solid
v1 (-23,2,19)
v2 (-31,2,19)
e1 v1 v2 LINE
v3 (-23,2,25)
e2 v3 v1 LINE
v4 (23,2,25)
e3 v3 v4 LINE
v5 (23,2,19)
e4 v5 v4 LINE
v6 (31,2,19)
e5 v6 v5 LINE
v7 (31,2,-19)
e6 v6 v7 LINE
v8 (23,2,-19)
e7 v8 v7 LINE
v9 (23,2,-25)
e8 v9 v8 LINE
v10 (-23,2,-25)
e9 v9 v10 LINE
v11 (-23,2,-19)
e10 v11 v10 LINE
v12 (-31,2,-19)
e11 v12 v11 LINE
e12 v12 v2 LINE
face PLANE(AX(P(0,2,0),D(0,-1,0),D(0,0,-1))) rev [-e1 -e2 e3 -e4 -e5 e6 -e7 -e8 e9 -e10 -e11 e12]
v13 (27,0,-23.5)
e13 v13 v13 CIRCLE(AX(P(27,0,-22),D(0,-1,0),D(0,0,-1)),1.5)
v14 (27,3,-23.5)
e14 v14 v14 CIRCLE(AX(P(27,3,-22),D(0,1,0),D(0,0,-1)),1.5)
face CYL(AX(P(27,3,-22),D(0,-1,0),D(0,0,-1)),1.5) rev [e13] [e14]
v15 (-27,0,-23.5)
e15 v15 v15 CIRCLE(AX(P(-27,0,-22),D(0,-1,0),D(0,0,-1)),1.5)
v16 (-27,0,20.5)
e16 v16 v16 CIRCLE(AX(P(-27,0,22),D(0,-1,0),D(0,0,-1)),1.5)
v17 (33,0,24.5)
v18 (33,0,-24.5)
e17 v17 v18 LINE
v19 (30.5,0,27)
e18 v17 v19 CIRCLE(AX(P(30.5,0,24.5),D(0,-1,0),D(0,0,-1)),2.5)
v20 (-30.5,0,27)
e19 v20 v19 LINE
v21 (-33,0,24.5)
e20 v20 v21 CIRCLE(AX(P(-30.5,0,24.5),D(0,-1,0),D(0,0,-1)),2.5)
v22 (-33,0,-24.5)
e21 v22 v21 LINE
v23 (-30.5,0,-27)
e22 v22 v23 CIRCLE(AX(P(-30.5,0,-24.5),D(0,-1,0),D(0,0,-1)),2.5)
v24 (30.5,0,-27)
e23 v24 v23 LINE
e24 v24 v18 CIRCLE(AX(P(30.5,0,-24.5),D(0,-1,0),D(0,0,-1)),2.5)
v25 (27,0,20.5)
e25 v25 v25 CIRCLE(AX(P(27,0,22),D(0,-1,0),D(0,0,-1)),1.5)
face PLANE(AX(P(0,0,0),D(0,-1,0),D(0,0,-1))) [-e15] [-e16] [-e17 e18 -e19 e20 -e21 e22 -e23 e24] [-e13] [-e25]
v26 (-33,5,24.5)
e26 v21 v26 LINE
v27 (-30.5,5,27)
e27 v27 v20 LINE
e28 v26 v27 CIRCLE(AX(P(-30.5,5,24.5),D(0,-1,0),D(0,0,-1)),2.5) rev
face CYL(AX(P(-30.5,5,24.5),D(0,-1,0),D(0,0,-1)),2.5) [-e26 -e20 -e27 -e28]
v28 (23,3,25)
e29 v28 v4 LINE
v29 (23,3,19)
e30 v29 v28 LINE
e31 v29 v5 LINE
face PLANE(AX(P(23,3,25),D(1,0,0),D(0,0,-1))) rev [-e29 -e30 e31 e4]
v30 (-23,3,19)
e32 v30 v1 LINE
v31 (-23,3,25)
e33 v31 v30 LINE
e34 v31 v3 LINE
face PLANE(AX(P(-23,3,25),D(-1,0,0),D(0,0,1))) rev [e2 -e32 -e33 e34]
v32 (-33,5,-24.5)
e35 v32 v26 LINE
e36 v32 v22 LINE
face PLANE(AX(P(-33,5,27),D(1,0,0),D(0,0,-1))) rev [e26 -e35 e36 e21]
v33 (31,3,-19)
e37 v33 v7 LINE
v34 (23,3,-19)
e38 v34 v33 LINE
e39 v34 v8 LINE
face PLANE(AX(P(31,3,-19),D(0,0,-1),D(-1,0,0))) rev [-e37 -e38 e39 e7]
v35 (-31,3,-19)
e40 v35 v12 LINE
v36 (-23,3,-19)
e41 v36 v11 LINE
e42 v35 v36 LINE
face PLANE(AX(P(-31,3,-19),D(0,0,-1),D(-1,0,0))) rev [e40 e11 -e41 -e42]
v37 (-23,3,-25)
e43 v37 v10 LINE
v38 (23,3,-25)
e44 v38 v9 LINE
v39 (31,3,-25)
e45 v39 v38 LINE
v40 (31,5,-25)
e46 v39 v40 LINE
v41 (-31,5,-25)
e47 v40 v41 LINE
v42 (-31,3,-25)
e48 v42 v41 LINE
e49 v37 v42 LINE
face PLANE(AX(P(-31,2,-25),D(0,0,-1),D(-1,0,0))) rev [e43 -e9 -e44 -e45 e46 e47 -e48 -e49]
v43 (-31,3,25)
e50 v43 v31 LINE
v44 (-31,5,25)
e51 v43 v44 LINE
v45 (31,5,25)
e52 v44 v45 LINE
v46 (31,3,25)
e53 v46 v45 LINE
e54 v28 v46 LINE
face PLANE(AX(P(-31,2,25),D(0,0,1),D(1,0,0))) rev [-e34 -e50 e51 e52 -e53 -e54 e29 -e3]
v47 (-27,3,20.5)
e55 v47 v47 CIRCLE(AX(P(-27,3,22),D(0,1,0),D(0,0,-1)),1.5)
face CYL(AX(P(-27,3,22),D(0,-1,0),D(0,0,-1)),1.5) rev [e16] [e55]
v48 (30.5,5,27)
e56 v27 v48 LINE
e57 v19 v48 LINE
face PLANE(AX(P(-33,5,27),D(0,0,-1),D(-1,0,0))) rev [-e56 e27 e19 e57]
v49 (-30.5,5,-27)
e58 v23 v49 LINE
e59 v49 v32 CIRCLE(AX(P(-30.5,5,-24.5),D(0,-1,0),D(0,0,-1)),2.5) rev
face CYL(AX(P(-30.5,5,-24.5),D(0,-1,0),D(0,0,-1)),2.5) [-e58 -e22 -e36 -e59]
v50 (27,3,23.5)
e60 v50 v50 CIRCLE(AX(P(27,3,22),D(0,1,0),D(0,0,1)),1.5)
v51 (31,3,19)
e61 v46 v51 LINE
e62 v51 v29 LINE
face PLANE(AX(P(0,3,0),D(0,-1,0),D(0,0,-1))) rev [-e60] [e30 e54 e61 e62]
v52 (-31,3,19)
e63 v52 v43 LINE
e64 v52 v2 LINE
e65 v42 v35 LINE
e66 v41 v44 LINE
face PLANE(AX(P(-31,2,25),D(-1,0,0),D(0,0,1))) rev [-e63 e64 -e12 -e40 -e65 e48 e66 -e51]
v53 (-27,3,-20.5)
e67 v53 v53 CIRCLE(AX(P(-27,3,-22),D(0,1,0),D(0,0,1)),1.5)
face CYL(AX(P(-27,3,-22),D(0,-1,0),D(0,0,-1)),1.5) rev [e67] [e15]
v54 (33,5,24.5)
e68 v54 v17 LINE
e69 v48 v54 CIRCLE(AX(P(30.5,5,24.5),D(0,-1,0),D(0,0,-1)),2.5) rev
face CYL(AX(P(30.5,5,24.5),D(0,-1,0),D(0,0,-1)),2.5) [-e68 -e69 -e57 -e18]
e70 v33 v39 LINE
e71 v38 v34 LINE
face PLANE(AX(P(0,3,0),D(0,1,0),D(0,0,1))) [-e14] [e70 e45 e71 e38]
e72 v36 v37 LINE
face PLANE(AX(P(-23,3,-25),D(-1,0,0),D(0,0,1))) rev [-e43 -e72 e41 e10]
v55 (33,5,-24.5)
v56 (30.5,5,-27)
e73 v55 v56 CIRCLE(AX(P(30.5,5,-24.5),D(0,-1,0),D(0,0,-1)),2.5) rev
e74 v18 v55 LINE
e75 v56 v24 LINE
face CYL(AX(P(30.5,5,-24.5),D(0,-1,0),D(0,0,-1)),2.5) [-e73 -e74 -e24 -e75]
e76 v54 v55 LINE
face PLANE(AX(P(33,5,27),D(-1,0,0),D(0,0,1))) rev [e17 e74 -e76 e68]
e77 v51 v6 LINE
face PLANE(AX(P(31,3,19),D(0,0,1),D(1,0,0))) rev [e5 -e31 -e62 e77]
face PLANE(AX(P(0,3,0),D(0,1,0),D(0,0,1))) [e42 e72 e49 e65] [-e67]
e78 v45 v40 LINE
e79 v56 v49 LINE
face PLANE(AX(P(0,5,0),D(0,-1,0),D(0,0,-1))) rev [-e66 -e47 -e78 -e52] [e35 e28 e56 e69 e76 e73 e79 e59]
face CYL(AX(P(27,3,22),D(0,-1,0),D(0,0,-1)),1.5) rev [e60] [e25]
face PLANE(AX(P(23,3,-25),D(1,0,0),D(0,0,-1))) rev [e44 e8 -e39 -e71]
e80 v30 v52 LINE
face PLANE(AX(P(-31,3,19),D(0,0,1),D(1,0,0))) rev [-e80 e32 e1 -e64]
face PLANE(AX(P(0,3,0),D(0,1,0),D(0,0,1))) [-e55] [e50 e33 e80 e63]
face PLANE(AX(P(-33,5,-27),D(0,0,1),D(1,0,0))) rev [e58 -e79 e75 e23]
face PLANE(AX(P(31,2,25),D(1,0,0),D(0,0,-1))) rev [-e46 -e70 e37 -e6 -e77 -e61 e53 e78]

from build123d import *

# Parameters (mm, degrees)
SKETCH1_W           = 66
SKETCH1_H           = 54
BOSS_EXTRUDE1_DEPTH = 5
SKETCH2_W           = 62
SKETCH2_H           = 50
CUT_EXTRUDE1_DEPTH  = 3
SKETCH3_W           = 8
SKETCH3_H           = 6
SKETCH3_R           = 1.5
BOSS_EXTRUDE2_DEPTH = 3
SKETCH4_R           = 1.5
CUT_EXTRUDE2_DEPTH  = 3
FILLET1_R           = 2.5


with BuildPart() as part:
    # Sketch1 → Boss-Extrude1 (new body)
    with BuildSketch(Plane(origin=(0, 0, 0), x_dir=(1, 0, 0), z_dir=(0, 1, 0))):
        Rectangle(SKETCH1_W, SKETCH1_H)
    extrude(amount=BOSS_EXTRUDE1_DEPTH)

    # Sketch2 → Cut-Extrude1 (cut)
    with BuildSketch(Plane(origin=(0, 5, 0), x_dir=(1, 0, 0), z_dir=(0, 1, 0))):
        Rectangle(SKETCH2_W, SKETCH2_H)
    extrude(amount=-CUT_EXTRUDE1_DEPTH, mode=Mode.SUBTRACT)

    # Sketch3 → Boss-Extrude2 (add)
    with BuildSketch(Plane(origin=(0, 0, 0), x_dir=(1, 0, 0), z_dir=(0, 1, 0))):
        with Locations((-27, -22)):
            Rectangle(SKETCH3_W, SKETCH3_H)
        with Locations((-27, -22)):
            Circle(SKETCH3_R, mode=Mode.SUBTRACT)
        with Locations((-27, 22)):
            Rectangle(SKETCH3_W, SKETCH3_H)
        with Locations((-27, 22)):
            Circle(SKETCH3_R, mode=Mode.SUBTRACT)
        with Locations((27, -22)):
            Rectangle(SKETCH3_W, SKETCH3_H)
        with Locations((27, -22)):
            Circle(SKETCH3_R, mode=Mode.SUBTRACT)
        with Locations((27, 22)):
            Rectangle(SKETCH3_W, SKETCH3_H)
        with Locations((27, 22)):
            Circle(SKETCH3_R, mode=Mode.SUBTRACT)
    extrude(amount=BOSS_EXTRUDE2_DEPTH)

    # Sketch4 → Cut-Extrude2 (cut)
    with BuildSketch(Plane(origin=(0, 2, 0), x_dir=(1, 0, 0), z_dir=(0, 1, 0))):
        with Locations((-27, 22)):
            Circle(SKETCH4_R)
        with Locations((-27, -22)):
            Circle(SKETCH4_R)
        with Locations((27, -22)):
            Circle(SKETCH4_R)
        with Locations((27, 22)):
            Circle(SKETCH4_R)
    extrude(amount=-CUT_EXTRUDE2_DEPTH, mode=Mode.SUBTRACT)

    # Fillet1
    fillet1_edges = [part.edges().sort_by_distance(p)[0] for p in [
        (33, 2.5, 27),
        (-33, 2.5, 27),
        (-33, 2.5, -27),
        (33, 2.5, -27),
    ]]
    fillet(fillet1_edges, radius=FILLET1_R)


solid = part.part
